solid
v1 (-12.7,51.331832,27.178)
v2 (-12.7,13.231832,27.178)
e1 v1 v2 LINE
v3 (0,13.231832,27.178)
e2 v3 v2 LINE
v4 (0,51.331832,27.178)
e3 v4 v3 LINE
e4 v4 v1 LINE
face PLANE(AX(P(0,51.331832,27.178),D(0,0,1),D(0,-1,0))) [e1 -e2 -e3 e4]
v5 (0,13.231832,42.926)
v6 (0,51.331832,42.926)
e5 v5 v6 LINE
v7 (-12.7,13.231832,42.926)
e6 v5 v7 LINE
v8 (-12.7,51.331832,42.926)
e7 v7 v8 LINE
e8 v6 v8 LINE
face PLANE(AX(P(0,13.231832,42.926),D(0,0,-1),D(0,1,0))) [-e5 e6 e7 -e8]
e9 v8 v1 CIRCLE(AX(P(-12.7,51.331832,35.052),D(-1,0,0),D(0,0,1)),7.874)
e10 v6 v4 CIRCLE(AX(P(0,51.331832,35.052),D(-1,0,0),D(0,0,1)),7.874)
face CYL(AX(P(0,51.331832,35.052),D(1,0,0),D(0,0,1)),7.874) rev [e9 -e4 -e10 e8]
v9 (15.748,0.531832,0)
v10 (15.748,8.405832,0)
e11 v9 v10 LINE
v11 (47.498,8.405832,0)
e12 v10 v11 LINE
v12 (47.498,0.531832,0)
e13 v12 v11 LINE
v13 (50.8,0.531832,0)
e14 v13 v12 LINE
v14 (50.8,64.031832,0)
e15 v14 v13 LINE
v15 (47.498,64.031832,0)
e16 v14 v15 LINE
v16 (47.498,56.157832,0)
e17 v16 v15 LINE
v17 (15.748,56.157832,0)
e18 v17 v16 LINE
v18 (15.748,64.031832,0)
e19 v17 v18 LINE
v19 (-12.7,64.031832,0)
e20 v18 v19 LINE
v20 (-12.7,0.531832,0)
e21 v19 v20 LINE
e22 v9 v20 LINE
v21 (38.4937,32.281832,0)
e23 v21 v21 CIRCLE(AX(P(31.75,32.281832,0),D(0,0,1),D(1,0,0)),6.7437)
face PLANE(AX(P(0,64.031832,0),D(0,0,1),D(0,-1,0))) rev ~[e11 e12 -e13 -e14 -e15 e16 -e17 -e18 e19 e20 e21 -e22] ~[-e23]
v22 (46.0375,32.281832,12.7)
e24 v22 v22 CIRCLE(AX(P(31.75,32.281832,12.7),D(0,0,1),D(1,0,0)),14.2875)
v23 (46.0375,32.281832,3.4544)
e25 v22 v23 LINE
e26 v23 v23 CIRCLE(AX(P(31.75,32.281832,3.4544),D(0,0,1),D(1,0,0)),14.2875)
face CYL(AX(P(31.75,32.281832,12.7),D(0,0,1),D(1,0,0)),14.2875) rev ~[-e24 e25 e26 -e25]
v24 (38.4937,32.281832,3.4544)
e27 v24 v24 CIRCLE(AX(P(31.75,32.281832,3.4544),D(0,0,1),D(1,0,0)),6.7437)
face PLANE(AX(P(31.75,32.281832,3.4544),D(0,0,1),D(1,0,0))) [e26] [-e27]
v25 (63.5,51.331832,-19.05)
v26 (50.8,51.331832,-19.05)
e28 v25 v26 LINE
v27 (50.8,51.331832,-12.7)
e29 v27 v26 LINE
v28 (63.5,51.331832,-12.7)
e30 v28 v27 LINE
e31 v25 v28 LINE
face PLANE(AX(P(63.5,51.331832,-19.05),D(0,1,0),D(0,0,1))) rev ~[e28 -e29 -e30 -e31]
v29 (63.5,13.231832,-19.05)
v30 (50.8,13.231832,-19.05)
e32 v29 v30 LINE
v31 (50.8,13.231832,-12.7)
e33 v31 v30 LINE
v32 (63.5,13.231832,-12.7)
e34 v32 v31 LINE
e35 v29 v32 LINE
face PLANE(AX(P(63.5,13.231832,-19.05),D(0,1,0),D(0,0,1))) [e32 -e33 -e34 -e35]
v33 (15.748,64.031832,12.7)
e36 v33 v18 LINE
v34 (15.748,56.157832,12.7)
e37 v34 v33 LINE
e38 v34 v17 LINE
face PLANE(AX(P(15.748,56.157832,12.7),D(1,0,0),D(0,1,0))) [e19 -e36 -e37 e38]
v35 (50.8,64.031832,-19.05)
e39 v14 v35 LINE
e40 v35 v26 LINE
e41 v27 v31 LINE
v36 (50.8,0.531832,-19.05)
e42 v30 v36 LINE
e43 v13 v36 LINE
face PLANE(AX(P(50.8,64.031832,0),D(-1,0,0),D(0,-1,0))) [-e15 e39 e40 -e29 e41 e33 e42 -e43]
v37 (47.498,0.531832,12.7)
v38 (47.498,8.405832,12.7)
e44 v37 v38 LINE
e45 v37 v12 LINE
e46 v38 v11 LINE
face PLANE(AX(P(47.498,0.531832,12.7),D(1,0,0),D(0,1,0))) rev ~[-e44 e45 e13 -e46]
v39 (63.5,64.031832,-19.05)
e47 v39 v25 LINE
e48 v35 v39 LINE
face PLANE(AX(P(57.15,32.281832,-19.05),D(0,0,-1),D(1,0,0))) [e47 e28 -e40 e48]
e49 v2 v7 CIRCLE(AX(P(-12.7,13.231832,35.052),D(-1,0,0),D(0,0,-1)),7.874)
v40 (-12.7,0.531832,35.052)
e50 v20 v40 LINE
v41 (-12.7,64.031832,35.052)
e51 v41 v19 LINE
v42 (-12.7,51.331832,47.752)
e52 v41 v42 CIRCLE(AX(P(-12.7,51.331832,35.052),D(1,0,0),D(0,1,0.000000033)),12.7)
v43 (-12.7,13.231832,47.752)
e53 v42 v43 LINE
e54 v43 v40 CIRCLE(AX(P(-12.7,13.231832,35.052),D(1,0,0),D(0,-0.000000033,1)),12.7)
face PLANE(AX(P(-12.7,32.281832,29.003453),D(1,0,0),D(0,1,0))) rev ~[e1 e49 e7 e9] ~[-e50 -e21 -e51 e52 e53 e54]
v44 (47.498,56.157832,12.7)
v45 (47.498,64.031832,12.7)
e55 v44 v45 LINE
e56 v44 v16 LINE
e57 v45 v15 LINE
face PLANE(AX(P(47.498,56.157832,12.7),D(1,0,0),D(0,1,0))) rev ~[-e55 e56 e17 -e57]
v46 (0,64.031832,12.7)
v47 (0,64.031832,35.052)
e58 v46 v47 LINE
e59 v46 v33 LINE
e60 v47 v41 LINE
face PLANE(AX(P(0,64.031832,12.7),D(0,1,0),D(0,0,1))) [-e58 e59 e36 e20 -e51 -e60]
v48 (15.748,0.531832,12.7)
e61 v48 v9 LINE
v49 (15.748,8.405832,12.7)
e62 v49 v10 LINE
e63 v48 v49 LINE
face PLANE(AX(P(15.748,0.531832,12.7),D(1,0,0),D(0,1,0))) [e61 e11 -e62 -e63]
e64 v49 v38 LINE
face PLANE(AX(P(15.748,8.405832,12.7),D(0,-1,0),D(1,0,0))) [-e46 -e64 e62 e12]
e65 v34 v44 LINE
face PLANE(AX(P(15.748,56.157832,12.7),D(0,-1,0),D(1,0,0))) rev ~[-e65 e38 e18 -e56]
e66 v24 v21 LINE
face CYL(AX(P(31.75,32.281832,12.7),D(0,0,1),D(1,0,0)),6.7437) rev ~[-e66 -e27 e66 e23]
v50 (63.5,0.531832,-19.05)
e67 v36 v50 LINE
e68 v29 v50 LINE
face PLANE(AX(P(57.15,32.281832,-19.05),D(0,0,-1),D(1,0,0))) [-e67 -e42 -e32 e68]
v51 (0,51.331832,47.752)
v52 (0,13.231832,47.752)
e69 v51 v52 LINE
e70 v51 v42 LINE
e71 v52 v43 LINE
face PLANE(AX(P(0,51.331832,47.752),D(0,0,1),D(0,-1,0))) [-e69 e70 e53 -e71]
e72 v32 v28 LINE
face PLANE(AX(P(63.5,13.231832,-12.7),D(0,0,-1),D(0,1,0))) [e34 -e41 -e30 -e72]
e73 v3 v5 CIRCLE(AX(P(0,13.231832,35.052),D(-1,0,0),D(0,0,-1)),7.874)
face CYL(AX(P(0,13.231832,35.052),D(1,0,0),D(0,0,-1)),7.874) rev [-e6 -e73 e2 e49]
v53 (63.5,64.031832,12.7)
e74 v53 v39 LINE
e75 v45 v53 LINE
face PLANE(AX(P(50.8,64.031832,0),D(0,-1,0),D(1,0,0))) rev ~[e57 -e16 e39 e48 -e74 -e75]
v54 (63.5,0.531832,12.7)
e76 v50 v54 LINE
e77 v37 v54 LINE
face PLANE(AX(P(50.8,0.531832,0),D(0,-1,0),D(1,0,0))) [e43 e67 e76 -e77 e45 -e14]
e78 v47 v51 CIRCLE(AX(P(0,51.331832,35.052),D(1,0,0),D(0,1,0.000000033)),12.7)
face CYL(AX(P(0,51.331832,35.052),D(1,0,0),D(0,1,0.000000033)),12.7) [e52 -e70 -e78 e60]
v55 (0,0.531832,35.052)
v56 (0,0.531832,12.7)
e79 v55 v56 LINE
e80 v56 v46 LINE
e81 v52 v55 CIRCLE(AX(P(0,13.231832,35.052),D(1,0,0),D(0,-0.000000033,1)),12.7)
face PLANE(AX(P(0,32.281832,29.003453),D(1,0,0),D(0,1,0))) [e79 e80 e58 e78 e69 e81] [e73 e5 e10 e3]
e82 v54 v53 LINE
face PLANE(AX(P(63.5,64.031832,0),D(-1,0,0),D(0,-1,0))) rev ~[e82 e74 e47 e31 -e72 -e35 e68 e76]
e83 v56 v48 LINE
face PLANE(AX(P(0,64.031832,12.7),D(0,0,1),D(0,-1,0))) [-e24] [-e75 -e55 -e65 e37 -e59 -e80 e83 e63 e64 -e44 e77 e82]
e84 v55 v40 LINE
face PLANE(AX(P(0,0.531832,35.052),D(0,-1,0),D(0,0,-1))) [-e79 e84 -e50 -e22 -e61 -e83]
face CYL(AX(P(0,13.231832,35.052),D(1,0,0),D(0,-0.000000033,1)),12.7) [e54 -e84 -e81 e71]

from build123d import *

# Parameters (mm, degrees)
F0_W      = 63.5
F0_H      = 63.5
F1_DEPTH  = 12.7
F3_W      = 63.5
F3_H      = 12.7
F4_DEPTH  = 12.7
F5_DEPTH  = 12.7
F6_W      = 31.75
F6_H      = 7.874
F7_DEPTH  = 12.701
F8_W      = 12.7
F8_H      = 63.5
F9_DEPTH  = 19.05
F10_W     = 38.1
F10_H     = 6.35
F11_DEPTH = 25.4
F12_R     = 6.7437
F13_DEPTH = 31.751
F14_R     = 14.2875
F15_DEPTH = 9.2456


with BuildPart() as f1:
    # F0 (on Top) → F1 (new body)
    with BuildSketch(Plane.XY):
        with Locations((31.75, 32.281832)):
            Rectangle(F0_W, F0_H)
    extrude(amount=F1_DEPTH)

    # F3 (on face) → F4 (join)
    with BuildSketch(Plane(origin=(0, 0, 0), x_dir=(0, -1, 0), z_dir=(-1, 0, 0))):
        with Locations((-32.281832, 6.35)):
            Rectangle(F3_W, F3_H)
    extrude(amount=F4_DEPTH)

    # F2 (on Right) → F5 (join)
    with BuildSketch(Plane.YZ):
        with BuildLine():
            Line((51.331832, 47.752), (13.231832, 47.752))
            ThreePointArc((13.231832, 47.752), (4.251576, 44.032256), (0.531832, 35.052))
            Line((0.531832, 35.052), (0.531832, 12.7))
            Line((0.531832, 12.7), (64.031832, 12.7))
            Line((64.031832, 12.7), (64.031832, 35.052))
            ThreePointArc((64.031832, 35.052), (60.312088, 44.032256), (51.331832, 47.752))
        make_face()
        with BuildLine():
            ThreePointArc((13.231832, 27.178), (5.357832, 35.052), (13.231832, 42.926))
            Line((13.231832, 42.926), (51.331832, 42.926))
            ThreePointArc((51.331832, 42.926), (59.205832, 35.052), (51.331832, 27.178))
            Line((51.331832, 27.178), (13.231832, 27.178))
        make_face(mode=Mode.SUBTRACT)
    extrude(amount=-F5_DEPTH)

    # F6 (on face) → F7 (cut, through all)
    with BuildSketch(Plane.XY.offset(12.7)):
        with Locations((31.623, 4.468832)):
            Rectangle(F6_W, F6_H)
        with Locations((31.623, 60.094832)):
            Rectangle(F6_W, F6_H)
    extrude(amount=-F7_DEPTH, mode=Mode.SUBTRACT)

    # F8 (on face) → F9 (join)
    with BuildSketch(Plane(origin=(0, 0, 0), x_dir=(1, 0, 0), z_dir=(0, 0, -1))):
        with Locations((57.15, -32.281832)):
            Rectangle(F8_W, F8_H)
    extrude(amount=F9_DEPTH)

    # F10 (on face) → F11 (cut)
    with BuildSketch(Plane.YZ.offset(63.5)):
        with Locations((32.281832, -15.875)):
            Rectangle(F10_W, F10_H)
    extrude(amount=-F11_DEPTH, mode=Mode.SUBTRACT)

    # F12 (on face) → F13 (cut, through all)
    with BuildSketch(Plane.XY.offset(12.7)):
        with Locations((31.75, 32.281832)):
            Circle(F12_R)
    extrude(amount=-F13_DEPTH, mode=Mode.SUBTRACT)

    # F14 (on face) → F15 (cut)
    with BuildSketch(Plane.XY.offset(12.7)):
        with Locations((31.75, 32.281832)):
            Circle(F14_R)
    extrude(amount=-F15_DEPTH, mode=Mode.SUBTRACT)


solid = f1.part
